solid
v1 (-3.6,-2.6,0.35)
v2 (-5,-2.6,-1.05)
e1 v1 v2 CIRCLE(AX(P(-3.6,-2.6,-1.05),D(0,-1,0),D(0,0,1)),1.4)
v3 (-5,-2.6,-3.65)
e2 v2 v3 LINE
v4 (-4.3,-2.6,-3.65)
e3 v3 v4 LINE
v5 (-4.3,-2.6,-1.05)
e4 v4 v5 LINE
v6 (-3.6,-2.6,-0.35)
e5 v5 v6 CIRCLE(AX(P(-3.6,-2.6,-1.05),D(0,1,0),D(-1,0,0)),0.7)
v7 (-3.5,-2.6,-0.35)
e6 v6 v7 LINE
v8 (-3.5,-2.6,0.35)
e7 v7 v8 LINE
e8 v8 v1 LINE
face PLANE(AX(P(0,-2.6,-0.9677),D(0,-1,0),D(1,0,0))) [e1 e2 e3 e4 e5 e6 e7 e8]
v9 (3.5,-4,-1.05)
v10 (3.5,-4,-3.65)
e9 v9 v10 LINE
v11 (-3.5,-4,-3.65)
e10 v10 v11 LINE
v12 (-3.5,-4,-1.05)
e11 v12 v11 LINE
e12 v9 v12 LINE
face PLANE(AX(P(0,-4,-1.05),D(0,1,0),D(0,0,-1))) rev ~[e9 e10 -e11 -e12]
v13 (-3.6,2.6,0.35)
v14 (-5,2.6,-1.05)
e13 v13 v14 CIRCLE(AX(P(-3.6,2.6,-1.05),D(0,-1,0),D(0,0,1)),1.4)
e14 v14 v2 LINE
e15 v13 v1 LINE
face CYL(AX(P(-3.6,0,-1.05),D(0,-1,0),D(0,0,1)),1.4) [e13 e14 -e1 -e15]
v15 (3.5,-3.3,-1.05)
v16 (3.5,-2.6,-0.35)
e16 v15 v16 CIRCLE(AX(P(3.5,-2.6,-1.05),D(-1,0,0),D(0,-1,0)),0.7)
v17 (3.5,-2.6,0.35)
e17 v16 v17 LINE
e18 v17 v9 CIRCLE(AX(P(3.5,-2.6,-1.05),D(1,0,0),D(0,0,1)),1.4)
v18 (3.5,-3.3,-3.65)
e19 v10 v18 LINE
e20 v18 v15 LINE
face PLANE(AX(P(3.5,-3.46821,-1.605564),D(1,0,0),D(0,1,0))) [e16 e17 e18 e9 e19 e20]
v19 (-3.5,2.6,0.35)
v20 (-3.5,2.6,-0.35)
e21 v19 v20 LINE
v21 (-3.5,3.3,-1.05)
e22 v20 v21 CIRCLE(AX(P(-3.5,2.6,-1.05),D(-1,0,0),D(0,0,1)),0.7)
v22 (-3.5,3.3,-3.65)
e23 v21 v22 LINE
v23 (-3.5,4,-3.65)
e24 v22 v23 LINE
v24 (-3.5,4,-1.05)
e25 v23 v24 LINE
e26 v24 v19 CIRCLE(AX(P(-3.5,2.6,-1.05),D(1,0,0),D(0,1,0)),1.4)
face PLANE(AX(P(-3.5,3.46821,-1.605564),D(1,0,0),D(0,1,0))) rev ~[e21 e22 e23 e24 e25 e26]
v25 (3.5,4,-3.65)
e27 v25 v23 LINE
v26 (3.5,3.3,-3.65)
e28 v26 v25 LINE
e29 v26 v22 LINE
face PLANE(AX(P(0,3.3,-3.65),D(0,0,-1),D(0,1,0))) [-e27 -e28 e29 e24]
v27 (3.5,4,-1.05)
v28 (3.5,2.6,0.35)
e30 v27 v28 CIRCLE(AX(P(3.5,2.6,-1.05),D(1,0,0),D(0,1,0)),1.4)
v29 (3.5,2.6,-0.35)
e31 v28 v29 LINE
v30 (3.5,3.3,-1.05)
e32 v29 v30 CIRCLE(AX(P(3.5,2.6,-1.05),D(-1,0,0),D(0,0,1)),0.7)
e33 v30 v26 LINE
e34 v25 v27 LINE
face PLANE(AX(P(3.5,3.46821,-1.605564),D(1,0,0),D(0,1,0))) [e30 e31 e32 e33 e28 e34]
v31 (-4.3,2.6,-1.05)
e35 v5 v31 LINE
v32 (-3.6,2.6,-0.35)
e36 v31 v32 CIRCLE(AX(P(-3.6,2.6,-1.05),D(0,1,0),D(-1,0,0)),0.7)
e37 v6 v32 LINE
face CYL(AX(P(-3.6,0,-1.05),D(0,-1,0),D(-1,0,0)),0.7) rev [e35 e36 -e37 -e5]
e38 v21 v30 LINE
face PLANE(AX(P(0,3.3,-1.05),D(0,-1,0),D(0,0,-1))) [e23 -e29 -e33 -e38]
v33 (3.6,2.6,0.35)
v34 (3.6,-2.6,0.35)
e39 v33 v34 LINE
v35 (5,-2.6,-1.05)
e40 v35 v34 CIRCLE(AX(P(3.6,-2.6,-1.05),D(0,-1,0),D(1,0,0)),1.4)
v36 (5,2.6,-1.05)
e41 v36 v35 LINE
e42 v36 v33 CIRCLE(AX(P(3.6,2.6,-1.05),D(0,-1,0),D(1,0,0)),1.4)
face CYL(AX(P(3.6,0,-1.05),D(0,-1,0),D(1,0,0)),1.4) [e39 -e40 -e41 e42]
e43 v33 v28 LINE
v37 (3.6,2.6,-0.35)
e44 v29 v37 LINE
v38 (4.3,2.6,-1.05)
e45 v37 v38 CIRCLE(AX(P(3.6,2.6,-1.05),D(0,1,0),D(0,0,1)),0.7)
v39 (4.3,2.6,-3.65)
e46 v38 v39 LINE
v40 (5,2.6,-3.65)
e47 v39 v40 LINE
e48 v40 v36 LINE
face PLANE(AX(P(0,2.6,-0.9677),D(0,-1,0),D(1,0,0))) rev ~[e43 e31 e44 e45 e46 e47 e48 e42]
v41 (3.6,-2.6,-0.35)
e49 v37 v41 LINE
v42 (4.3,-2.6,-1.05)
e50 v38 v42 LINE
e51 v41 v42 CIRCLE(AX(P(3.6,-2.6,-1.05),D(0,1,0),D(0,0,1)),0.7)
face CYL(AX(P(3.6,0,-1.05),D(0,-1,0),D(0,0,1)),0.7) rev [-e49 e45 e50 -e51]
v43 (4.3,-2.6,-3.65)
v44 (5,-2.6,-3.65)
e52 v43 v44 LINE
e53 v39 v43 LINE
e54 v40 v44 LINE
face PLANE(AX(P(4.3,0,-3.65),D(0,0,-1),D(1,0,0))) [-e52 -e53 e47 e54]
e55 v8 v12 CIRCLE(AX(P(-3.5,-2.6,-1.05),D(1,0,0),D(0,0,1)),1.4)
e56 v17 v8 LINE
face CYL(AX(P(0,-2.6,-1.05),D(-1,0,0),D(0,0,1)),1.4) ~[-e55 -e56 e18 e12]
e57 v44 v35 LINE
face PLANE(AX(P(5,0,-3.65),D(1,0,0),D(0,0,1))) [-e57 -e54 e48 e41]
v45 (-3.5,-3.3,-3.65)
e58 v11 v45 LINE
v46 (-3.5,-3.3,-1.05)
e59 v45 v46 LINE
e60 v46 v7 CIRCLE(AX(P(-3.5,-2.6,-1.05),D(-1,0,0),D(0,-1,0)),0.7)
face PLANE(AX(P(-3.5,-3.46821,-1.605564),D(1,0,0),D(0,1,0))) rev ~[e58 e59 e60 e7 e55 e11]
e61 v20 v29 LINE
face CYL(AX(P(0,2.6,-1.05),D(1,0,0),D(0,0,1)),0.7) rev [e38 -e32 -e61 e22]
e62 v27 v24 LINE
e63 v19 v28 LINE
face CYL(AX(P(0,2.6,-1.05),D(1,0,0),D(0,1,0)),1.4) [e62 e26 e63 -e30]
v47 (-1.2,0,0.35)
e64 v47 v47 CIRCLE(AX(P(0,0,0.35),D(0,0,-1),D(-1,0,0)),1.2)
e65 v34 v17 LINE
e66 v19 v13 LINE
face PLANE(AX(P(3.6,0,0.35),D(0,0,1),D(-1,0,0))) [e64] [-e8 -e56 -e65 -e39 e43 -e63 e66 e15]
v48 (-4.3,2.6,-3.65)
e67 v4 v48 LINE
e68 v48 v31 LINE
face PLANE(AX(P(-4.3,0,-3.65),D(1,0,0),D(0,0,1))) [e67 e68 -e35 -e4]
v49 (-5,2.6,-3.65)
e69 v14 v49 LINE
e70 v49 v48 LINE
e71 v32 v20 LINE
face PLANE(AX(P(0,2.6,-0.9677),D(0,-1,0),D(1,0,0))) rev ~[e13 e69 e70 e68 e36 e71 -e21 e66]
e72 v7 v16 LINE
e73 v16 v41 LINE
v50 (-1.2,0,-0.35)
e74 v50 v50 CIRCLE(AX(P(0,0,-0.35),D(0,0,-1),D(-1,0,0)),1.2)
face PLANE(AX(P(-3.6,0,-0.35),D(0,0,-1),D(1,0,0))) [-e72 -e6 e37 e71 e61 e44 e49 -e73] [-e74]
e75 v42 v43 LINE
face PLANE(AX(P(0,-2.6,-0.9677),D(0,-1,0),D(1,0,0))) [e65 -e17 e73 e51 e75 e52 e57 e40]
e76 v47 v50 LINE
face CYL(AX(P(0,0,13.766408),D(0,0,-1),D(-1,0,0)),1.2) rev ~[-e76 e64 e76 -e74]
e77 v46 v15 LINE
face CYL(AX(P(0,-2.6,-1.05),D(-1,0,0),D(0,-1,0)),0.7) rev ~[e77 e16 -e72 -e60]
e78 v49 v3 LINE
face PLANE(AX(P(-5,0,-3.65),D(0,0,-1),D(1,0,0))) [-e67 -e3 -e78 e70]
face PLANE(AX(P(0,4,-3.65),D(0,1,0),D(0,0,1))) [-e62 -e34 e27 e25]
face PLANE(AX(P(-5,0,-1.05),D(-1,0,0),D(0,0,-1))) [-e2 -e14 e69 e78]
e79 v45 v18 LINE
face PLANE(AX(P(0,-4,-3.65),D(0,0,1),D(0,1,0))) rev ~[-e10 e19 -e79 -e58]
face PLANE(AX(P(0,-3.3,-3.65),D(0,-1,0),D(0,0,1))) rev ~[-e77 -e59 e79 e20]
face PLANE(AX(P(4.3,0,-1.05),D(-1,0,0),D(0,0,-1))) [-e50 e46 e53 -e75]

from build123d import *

# Parameters (mm, degrees)
F1_DEPTH = 2.6
F3_DEPTH = 3.5
F5_D     = 2.4


with BuildPart() as f1:
    # F0 (on Front) → F1 (new body, symmetric)
    with BuildSketch(Plane.XZ):
        with BuildLine():
            Line((-3.6, -0.35), (3.6, -0.35))
            ThreePointArc((3.6, -0.35), (4.0949747468, -0.5550252532), (4.3, -1.05))
            Line((4.3, -1.05), (4.3, -3.65))
            Line((4.3, -3.65), (5, -3.65))
            Line((5, -3.65), (5, -1.05))
            ThreePointArc((5, -1.05), (4.5899494937, -0.0600505063), (3.6, 0.35))
            Line((3.6, 0.35), (-3.6, 0.35))
            ThreePointArc((-3.6, 0.35), (-4.5899494937, -0.0600505063), (-5, -1.05))
            Line((-5, -1.05), (-5, -3.65))
            Line((-5, -3.65), (-4.3, -3.65))
            Line((-4.3, -3.65), (-4.3, -1.05))
            ThreePointArc((-4.3, -1.05), (-4.0949747468, -0.5550252532), (-3.6, -0.35))
        make_face()
    extrude(amount=F1_DEPTH, both=True)

    # F2 (on Right) → F3 (join, symmetric)
    with BuildSketch(Plane.YZ):
        with BuildLine():
            Line((-4, -3.65), (-3.3, -3.65))
            Line((-3.3, -3.65), (-3.3, -1.05))
            ThreePointArc((-3.3, -1.05), (-3.0949747468, -0.5550252532), (-2.6, -0.35))
            Line((-2.6, -0.35), (-2.6, 0.35))
            ThreePointArc((-2.6, 0.35), (-3.5899494937, -0.0600505063), (-4, -1.05))
            Line((-4, -1.05), (-4, -3.65))
        make_face()
        with BuildLine():
            ThreePointArc((4, -1.05), (3.5899494937, -0.0600505063), (2.6, 0.35))
            Line((2.6, 0.35), (2.6, -0.35))
            ThreePointArc((2.6, -0.35), (3.0949747468, -0.5550252532), (3.3, -1.05))
            Line((3.3, -1.05), (3.3, -3.65))
            Line((3.3, -3.65), (4, -3.65))
            Line((4, -3.65), (4, -1.05))
        make_face()
    extrude(amount=F3_DEPTH, both=True)

    # F5 (through all)
    with Locations(Plane.XY.offset(0.35)):
        with Locations((0, 0)):
            Hole(F5_D / 2)


solid = f1.part
